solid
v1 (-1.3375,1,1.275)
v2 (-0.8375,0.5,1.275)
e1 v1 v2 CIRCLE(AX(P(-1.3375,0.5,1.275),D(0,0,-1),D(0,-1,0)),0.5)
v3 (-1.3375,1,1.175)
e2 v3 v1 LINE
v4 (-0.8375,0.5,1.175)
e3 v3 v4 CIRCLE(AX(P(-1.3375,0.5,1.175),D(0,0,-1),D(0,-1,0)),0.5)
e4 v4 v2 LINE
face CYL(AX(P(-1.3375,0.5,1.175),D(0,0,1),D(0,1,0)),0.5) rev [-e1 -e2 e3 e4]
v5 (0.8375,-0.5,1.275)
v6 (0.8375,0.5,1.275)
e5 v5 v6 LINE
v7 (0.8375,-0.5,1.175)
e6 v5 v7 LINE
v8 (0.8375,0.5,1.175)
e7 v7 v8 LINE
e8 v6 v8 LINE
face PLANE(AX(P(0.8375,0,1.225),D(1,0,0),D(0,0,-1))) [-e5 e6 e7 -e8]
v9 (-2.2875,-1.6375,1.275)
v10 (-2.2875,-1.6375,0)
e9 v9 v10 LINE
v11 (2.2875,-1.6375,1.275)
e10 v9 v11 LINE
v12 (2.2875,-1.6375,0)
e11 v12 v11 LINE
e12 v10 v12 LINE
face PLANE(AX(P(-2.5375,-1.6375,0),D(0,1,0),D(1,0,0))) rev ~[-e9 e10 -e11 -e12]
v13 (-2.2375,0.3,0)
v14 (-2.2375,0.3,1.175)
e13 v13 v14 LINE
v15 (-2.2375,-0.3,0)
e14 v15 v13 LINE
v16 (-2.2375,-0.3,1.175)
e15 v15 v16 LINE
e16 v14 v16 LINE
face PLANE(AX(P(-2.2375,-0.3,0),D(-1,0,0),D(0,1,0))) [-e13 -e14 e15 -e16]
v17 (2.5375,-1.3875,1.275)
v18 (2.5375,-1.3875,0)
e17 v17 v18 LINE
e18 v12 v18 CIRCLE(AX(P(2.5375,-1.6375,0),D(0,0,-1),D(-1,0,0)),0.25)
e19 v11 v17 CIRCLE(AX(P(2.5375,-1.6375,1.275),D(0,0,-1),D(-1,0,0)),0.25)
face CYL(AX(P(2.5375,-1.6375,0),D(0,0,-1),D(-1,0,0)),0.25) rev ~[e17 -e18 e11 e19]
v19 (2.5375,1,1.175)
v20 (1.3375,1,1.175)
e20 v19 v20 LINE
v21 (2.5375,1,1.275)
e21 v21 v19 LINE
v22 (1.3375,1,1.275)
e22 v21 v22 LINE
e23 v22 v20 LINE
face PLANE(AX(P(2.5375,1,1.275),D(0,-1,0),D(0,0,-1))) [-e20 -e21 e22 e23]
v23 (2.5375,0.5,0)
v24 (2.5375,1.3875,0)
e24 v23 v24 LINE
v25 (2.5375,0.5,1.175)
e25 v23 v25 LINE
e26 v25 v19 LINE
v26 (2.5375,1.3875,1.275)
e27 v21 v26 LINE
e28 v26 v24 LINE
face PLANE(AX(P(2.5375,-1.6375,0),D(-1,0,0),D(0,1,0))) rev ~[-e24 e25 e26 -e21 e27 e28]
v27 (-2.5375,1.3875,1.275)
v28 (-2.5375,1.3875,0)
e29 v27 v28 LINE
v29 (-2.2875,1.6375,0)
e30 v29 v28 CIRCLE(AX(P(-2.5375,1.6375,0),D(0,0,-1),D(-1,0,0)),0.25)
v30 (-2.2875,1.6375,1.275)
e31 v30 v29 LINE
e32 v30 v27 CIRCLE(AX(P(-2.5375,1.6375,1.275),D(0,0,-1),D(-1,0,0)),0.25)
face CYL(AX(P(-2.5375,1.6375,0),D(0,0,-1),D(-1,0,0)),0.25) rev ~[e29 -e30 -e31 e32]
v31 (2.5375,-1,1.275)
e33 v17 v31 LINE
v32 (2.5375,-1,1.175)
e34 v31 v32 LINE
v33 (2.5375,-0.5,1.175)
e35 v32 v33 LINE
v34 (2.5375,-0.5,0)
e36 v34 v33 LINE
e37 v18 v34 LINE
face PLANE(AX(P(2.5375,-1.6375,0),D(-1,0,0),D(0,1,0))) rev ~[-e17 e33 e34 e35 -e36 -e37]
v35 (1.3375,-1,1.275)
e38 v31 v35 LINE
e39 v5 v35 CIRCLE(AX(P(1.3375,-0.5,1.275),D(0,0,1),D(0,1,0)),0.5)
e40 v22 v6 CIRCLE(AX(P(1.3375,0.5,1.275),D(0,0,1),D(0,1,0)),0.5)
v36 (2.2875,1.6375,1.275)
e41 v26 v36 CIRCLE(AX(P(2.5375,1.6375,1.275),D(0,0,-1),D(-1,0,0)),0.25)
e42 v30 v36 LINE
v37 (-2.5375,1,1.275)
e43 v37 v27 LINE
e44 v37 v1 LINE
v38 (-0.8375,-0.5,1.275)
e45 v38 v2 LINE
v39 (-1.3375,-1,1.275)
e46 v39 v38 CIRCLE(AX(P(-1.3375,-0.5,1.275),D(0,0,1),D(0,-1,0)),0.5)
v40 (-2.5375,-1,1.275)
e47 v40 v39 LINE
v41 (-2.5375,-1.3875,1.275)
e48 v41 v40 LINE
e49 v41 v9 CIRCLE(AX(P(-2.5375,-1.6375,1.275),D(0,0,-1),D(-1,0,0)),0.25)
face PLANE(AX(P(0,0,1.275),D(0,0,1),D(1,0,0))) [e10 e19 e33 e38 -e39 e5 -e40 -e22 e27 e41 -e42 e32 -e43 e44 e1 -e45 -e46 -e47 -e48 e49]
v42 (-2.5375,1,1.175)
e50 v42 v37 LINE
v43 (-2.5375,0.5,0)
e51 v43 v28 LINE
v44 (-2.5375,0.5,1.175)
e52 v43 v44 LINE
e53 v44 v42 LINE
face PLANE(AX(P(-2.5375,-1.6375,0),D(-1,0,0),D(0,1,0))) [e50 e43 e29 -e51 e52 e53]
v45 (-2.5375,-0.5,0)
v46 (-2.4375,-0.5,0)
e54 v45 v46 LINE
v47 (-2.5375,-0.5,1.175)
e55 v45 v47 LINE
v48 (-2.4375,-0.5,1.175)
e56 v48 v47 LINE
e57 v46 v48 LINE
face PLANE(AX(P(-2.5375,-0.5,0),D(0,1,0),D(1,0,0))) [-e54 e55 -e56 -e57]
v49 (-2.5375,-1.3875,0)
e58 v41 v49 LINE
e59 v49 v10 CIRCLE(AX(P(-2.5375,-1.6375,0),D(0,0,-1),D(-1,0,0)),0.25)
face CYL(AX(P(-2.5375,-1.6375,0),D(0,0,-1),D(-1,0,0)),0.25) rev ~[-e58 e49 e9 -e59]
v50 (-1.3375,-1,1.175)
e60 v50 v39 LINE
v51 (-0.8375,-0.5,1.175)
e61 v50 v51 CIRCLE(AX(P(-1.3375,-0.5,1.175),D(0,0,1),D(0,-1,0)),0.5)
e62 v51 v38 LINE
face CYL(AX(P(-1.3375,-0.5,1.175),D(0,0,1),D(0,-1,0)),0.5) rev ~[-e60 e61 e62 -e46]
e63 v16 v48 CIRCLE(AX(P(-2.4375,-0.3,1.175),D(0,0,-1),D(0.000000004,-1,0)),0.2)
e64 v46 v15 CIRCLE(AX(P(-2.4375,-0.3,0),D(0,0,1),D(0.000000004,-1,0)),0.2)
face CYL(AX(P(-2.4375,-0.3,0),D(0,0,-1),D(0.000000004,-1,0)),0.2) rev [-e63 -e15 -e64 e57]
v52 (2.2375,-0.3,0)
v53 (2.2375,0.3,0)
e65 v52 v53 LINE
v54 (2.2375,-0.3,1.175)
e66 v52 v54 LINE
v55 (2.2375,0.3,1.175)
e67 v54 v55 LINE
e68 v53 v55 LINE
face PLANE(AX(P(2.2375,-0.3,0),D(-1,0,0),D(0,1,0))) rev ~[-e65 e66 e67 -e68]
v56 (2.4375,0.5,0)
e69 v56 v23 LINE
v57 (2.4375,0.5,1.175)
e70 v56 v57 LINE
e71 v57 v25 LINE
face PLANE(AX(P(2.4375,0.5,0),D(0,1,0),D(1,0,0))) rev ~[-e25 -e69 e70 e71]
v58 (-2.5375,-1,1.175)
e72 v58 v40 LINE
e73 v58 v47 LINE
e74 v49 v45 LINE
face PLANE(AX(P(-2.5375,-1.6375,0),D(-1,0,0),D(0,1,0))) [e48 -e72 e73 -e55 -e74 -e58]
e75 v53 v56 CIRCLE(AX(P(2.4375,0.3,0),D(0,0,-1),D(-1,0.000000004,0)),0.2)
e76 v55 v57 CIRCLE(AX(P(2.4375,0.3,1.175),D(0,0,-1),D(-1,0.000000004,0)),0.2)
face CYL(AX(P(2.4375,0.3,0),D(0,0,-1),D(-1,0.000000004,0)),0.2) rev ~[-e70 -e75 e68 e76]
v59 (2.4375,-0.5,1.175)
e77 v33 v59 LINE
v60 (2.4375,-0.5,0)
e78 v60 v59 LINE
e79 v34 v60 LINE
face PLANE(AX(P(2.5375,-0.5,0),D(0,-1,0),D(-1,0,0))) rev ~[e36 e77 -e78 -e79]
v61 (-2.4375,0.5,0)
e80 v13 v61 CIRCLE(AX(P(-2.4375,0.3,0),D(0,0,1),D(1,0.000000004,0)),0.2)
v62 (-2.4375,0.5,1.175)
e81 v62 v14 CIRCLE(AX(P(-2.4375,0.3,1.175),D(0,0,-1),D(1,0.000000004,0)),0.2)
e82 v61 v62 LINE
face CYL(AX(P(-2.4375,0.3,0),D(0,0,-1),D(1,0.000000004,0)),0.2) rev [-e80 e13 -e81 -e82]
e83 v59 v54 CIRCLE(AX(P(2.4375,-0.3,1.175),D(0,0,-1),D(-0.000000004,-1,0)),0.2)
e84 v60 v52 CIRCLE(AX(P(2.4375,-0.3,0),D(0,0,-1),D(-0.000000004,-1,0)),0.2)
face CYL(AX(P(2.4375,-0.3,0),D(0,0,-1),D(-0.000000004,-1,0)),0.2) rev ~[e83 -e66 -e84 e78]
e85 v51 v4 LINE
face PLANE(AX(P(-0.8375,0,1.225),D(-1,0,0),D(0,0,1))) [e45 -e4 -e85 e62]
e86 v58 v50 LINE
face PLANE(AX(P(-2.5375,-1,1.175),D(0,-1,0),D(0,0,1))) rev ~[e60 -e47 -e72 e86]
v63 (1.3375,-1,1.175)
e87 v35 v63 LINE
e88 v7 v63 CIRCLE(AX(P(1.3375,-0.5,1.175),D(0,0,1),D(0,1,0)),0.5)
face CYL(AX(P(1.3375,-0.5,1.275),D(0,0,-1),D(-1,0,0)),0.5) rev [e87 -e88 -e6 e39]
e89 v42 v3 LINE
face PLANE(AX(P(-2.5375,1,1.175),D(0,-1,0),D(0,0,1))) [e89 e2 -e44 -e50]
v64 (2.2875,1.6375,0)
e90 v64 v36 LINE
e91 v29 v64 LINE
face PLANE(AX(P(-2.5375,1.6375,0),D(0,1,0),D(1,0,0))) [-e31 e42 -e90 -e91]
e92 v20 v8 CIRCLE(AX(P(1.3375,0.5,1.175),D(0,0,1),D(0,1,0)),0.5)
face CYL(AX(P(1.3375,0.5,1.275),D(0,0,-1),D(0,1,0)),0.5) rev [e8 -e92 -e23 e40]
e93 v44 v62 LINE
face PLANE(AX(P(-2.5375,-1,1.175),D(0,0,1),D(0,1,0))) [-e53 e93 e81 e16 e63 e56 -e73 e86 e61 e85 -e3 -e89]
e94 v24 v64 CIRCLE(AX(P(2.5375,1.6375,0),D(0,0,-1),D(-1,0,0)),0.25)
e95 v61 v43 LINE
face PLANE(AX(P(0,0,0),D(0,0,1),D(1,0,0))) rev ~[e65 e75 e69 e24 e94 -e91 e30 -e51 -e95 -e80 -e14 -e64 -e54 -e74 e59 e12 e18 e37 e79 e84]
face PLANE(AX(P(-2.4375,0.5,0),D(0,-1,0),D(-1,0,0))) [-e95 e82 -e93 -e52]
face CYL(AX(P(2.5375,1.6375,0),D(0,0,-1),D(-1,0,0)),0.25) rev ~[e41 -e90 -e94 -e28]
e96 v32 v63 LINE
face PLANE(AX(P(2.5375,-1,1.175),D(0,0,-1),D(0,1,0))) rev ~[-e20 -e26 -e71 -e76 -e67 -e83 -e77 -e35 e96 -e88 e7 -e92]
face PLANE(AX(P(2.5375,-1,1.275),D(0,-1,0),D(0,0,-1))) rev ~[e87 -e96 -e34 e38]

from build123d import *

# Parameters (mm, degrees)
IZIM1_W                     = 5.075
IZIM1_H                     = 3.275
Y_KSEKLIK_EKSTR_ZYON1_DEPTH = 1.275
IZIM2_W                     = 0.1
IZIM2_H                     = 2
KES_EKSTR_ZYON1_DEPTH       = 1.7
IZIM3_W                     = 0.1
IZIM3_H                     = 2
KES_EKSTR_ZYON2_DEPTH       = 1.7
KES_EKSTR_ZYON3_DEPTH       = 1.7
IZIM5_R                     = 0.25
KES_EKSTR_ZYON4_DEPTH       = 1.7
RADYUS1_R                   = 0.5


with BuildPart() as part:
    # Çizim1 → Yükseklik-Ekstrüzyon1 (new body)
    with BuildSketch(Plane.XY):
        Rectangle(IZIM1_W, IZIM1_H)
    extrude(amount=Y_KSEKLIK_EKSTR_ZYON1_DEPTH)

    # Çizim2 → Kes-Ekstrüzyon1 (cut)
    with BuildSketch(Plane(origin=(2.5375, 0, 0), x_dir=(0, 0, -1), z_dir=(1, 0, 0))):
        with Locations((-1.225, 0)):
            Rectangle(IZIM2_W, IZIM2_H)
    extrude(amount=-KES_EKSTR_ZYON1_DEPTH, mode=Mode.SUBTRACT)

    # Çizim3 → Kes-Ekstrüzyon2 (cut)
    with BuildSketch(Plane.ZY.offset(2.5375)):
        with Locations((1.225, 0)):
            Rectangle(IZIM3_W, IZIM3_H)
    extrude(amount=-KES_EKSTR_ZYON2_DEPTH, mode=Mode.SUBTRACT)

    # Çizim4 → Kes-Ekstrüzyon3 (cut)
    with BuildSketch(Plane(origin=(0, 0, 0), x_dir=(-1, 0, 0), z_dir=(0, 0, -1))):
        with BuildLine():
            Line((-2.2375, -0.3), (-2.2375, 0.3))
            ThreePointArc((-2.2375, 0.3), (-2.296078644, 0.441421356), (-2.4375, 0.5))
            Line((-2.4375, 0.5), (-2.5375, 0.5))
            Line((-2.5375, 0.5), (-2.5375, -0.5))
            Line((-2.5375, -0.5), (-2.4375, -0.5))
            ThreePointArc((-2.4375, -0.5), (-2.296078644, -0.441421356), (-2.2375, -0.3))
        make_face()
        with BuildLine():
            Line((2.2375, -0.3), (2.2375, 0.3))
            ThreePointArc((2.2375, 0.3), (2.296078644, 0.441421356), (2.4375, 0.5))
            Line((2.4375, 0.5), (2.5375, 0.5))
            Line((2.5375, 0.5), (2.5375, -0.5))
            Line((2.5375, -0.5), (2.4375, -0.5))
            ThreePointArc((2.4375, -0.5), (2.296078644, -0.441421356), (2.2375, -0.3))
        make_face()
    extrude(amount=-KES_EKSTR_ZYON3_DEPTH, mode=Mode.SUBTRACT)

    # Çizim5 → Kes-Ekstrüzyon4 (cut)
    with BuildSketch(Plane(origin=(0, 0, 0), x_dir=(-1, 0, 0), z_dir=(0, 0, -1))):
        with Locations((-2.5375, 1.6375)):
            Circle(IZIM5_R)
        with Locations((2.5375, 1.6375)):
            Circle(IZIM5_R)
        with Locations((2.5375, -1.6375)):
            Circle(IZIM5_R)
        with Locations((-2.5375, -1.6375)):
            Circle(IZIM5_R)
    extrude(amount=-KES_EKSTR_ZYON4_DEPTH, mode=Mode.SUBTRACT)

    # Radyus1
    radyus1_edges = [part.edges().sort_by_distance(p)[0] for p in [
        (0.8375, -1, 1.225),
        (0.8375, 1, 1.225),
        (-0.8375, 1, 1.225),
        (-0.8375, -1, 1.225),
    ]]
    fillet(radyus1_edges, radius=RADYUS1_R)


solid = part.part
